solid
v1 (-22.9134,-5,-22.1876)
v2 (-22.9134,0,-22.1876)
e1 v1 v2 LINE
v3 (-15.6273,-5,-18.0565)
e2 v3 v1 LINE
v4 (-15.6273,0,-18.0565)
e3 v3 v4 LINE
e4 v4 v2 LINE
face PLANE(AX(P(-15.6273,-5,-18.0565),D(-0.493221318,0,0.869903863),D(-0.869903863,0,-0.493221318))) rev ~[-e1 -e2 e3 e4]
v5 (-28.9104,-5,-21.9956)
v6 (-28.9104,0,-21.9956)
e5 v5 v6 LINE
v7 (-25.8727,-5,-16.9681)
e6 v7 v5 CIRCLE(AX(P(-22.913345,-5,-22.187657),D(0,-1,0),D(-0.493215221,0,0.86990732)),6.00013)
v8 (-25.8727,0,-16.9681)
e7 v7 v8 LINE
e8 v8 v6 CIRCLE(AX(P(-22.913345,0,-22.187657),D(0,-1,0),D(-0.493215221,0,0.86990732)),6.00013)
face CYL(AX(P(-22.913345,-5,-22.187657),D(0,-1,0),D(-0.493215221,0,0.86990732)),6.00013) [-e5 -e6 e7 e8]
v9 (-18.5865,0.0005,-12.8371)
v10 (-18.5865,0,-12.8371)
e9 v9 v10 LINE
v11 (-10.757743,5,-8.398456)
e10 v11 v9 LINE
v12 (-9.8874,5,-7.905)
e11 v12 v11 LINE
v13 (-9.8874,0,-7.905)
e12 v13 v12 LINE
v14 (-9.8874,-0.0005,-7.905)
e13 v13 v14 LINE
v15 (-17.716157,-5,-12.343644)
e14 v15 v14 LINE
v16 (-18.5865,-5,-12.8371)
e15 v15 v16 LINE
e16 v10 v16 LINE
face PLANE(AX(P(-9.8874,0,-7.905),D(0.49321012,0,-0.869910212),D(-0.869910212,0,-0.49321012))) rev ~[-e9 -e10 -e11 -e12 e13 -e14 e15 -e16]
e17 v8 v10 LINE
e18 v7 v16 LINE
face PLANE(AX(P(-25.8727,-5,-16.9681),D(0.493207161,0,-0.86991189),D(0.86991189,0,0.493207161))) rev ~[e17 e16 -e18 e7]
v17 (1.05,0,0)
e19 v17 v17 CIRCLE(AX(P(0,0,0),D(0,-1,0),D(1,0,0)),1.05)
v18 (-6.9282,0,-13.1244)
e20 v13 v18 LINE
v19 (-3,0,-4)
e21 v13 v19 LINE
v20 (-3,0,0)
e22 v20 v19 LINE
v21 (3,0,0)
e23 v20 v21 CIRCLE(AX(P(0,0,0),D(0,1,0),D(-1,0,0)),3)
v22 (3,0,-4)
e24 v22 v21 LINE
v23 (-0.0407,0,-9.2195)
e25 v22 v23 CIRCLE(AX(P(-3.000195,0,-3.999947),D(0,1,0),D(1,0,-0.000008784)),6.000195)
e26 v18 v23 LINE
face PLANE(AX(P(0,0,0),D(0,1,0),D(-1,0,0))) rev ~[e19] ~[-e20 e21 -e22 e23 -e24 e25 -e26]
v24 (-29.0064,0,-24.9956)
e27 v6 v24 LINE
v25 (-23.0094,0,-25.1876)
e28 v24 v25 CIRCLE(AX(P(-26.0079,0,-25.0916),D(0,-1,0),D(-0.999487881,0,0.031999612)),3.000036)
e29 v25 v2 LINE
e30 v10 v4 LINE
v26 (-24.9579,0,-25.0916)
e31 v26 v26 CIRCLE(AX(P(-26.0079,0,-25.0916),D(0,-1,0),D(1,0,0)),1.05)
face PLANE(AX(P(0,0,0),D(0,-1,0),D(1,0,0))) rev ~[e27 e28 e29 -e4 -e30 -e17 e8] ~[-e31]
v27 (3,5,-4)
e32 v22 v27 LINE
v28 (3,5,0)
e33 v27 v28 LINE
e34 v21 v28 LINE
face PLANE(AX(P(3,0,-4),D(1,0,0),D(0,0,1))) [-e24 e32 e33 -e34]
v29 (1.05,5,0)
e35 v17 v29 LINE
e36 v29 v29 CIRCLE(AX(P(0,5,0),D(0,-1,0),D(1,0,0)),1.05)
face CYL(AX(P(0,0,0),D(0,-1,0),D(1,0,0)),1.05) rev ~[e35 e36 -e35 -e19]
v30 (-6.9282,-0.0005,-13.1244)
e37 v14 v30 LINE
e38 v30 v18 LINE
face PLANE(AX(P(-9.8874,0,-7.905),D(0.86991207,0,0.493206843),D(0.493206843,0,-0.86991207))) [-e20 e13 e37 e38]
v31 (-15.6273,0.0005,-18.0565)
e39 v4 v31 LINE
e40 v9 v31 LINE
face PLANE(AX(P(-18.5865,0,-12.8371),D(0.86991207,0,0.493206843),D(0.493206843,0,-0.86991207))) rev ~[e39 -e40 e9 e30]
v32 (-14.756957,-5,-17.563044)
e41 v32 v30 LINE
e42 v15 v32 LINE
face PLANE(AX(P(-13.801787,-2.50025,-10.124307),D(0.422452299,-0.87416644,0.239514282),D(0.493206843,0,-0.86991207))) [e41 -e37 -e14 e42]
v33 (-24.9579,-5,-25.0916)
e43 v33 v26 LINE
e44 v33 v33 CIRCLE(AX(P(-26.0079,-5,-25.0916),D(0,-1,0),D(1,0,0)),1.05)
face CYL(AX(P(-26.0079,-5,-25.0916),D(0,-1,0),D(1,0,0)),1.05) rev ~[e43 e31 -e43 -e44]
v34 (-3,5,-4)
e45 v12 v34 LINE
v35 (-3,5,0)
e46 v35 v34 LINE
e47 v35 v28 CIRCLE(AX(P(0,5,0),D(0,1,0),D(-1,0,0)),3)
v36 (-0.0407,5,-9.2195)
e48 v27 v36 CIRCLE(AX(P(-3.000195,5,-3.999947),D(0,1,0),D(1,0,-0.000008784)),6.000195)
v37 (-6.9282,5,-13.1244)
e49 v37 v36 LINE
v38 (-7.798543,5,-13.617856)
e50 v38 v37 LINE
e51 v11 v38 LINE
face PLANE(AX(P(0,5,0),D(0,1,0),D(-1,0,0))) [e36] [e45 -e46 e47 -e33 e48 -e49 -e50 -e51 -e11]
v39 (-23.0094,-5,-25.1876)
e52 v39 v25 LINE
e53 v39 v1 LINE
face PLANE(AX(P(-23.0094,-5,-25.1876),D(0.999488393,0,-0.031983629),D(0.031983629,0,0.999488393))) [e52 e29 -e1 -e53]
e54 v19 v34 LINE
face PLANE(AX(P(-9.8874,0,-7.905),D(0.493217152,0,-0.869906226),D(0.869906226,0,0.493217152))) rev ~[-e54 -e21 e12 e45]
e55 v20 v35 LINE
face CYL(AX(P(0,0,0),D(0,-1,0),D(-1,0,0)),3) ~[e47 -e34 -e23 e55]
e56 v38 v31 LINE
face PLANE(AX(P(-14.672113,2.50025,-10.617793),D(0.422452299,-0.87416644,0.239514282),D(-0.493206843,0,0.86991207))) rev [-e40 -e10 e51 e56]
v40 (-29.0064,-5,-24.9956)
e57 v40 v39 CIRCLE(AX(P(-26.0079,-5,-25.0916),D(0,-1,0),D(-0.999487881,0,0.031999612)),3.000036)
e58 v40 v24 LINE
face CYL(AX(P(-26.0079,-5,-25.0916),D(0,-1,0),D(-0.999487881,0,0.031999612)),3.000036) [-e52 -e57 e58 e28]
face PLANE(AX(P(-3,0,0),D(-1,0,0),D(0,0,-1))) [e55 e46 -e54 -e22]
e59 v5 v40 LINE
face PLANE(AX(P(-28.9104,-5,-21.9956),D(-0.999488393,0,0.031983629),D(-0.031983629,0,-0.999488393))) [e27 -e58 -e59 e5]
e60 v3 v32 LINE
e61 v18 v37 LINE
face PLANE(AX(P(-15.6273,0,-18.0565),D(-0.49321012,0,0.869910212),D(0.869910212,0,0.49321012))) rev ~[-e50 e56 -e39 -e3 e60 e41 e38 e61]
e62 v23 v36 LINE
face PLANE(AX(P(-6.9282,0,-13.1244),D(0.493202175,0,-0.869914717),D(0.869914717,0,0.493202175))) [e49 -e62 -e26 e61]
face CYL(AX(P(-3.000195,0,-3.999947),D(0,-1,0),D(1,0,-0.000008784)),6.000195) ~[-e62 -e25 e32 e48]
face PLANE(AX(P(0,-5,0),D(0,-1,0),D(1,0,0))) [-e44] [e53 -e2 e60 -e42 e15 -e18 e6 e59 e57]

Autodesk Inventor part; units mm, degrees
ref_plane "YZ Plane" through (0, 0, 0) normal (1, 0, 0) x (0, 1, 0)
ref_plane "XZ Plane" through (0, 0, 0) normal (0, 1, 0) x (-1, 0, 0)
ref_plane "XY Plane" through (0, 0, 0) normal (0, 0, 1) x (1, 0, 0)
sketch "Skizze4" plane through (0, 0, 0) normal (0, 1, 0) x (-1, 0, 0)
  arc A0 (3, 0) -> (-3, 0) centre (0, 0) ccw
  line L0 (3, 0) -> (3, -4)
  line L1 (3, -4) -> (-3, -4) construction
  line L2 (-3, -4) -> (-3, 0)
  line L3 (29.4604, -19.0022) -> (26.5011, -24.2217) construction
  line L4 (26.5011, -24.2217) -> (6.9282, -13.1244) construction
  arc A1 (26.5011, -24.2217) -> (29.4604, -19.0022) centre (27.9808, -21.612) ccw construction
  line L5 (0, 0) -> (3, -1.7009) construction
  line L6 (-2.4661, -4.3495) -> (27.9808, -21.612) construction
  line L7 (27.9808, -21.612) -> (30.4468, -17.2624) construction
  line L8 (30.4468, -17.2624) -> (0, 0) construction
  line L9 (0, 0) -> (-2.4661, -4.3495) construction
  line L10 (-2.4661, -4.3495) -> (30.4468, -17.2624) construction
  line L11 (27.9808, -21.612) -> (0, 0) construction
  line L12 (9.8874, -7.905) -> (29.4604, -19.0022) construction
  line L13 (6.9282, -13.1244) -> (0.0407, -9.2195)
  line L14 (9.8874, -7.905) -> (6.9282, -13.1244)
  line L15 (9.8874, -7.905) -> (3, -4)
  arc A2 (-3, -4) -> (0.0407, -9.2195) centre (3, -4) ccw
  point P0 (13.9904, -10.806)
  dimension "d15" = 4
  dimension "d16" = 3
  dimension "d17" = 5
  dimension "d18" = 35
  dimension "d19" = 5
extrude "Extrusion4" add sketch "Skizze4" along normal blind 5
sketch "Skizze5" plane through (0, 0, 0) normal (0, -1, 0) x (1, 0, 0)
  line L0 (-9.8874, -7.905) -> (-29.4604, -19.0022) construction
  line L1 (-26.5011, -24.2217) -> (-6.9282, -13.1244) construction
  line L2 (-9.8874, -7.905) -> (-6.9282, -13.1244) projected
  line L3 (-15.6273, -18.0565) -> (-6.9282, -13.1244)
  line L4 (-6.9282, -13.1244) -> (-9.8874, -7.905)
  line L5 (-9.8874, -7.905) -> (-18.5865, -12.8371)
  line L6 (-18.5865, -12.8371) -> (-15.6273, -18.0565)
  line L7 (-15.6273, -18.0565) -> (-9.8874, -7.905) construction
  line L8 (-6.9282, -13.1244) -> (-18.5865, -12.8371) construction
  line L9 (-14.237, -10.371) -> (-11.2777, -15.5905) construction
  point P0 (0, 0)
  point P1 (-13.9904, -10.806)
  point P2 (-12.7573, -12.9808)
  point P3 (-12.7573, -12.9808)
extrude "Extrusion5" add sketch "Skizze5" along normal mid plane 10
sketch "Skizze6" plane through (0, -5, 0) normal (0, -1, 0) x (1, 0, 0)
  line L0 (-9.8874, -7.905) -> (-29.4604, -19.0022) construction
  arc A0 (-26.5011, -24.2217) -> (-29.4604, -19.0022) centre (-27.9808, -21.612) ccw construction
  line L1 (-26.5011, -24.2217) -> (-6.9282, -13.1244) construction
  line L2 (-18.5865, -12.8371) -> (-15.6273, -18.0565) projected
  line L3 (-25.8727, -16.9681) -> (-18.5865, -12.8371)
  line L4 (-15.6273, -18.0565) -> (-22.9134, -22.1876)
  arc A1 (-25.8727, -16.9681) -> (-28.9104, -21.9956) centre (-22.9134, -22.1876) ccw
  line L5 (-27.9808, -21.612) -> (-26.0079, -25.0916) construction
  arc A2 (-29.0064, -24.9956) -> (-23.0094, -25.1876) centre (-26.0079, -25.0916) ccw
  line L6 (-28.9104, -21.9956) -> (-29.0064, -24.9956)
  line L7 (-23.0094, -25.1876) -> (-22.9134, -22.1876)
  point P0 (0, 0)
  dimension "d45" = 4
  dimension "d46" = 3
extrude "Extrusion6" add sketch "Skizze6" against normal blind 5
sketch "Skizze7" plane through (0, 0, 0) normal (0, -1, 0) x (1, 0, 0)
  circle A0 centre (0, 0) radius 1.05
  dimension "d26" = 2.1
extrude "Extrusion7" cut sketch "Skizze7" against normal up to next
sketch "Skizze8" plane through (0, -5, 0) normal (0, -1, 0) x (1, 0, 0)
  arc A0 (-29.0064, -24.9956) -> (-23.0094, -25.1876) centre (-26.0079, -25.0916) ccw construction
  circle A1 centre (-26.0079, -25.0916) radius 1.05
  point P0 (0, 0)
  dimension "d47" = 2.1
extrude "Extrusion8" cut sketch "Skizze8" against normal up to next
chamfer "Fase2" distance 9 distance2 5 1 edges at (-17.1069, 5, -15.4468) measured on face at (-7.2091, 5, -8.6855)
chamfer "Fase3" distance 9 distance2 5 1 edges at (-8.4078, -5, -10.5147) measured on face at (-19.5579, -5, -15.6869)
fillet "Rundung2" [suppressed]
properties part number "LegConnector" material "ABS-Kunststoff"
